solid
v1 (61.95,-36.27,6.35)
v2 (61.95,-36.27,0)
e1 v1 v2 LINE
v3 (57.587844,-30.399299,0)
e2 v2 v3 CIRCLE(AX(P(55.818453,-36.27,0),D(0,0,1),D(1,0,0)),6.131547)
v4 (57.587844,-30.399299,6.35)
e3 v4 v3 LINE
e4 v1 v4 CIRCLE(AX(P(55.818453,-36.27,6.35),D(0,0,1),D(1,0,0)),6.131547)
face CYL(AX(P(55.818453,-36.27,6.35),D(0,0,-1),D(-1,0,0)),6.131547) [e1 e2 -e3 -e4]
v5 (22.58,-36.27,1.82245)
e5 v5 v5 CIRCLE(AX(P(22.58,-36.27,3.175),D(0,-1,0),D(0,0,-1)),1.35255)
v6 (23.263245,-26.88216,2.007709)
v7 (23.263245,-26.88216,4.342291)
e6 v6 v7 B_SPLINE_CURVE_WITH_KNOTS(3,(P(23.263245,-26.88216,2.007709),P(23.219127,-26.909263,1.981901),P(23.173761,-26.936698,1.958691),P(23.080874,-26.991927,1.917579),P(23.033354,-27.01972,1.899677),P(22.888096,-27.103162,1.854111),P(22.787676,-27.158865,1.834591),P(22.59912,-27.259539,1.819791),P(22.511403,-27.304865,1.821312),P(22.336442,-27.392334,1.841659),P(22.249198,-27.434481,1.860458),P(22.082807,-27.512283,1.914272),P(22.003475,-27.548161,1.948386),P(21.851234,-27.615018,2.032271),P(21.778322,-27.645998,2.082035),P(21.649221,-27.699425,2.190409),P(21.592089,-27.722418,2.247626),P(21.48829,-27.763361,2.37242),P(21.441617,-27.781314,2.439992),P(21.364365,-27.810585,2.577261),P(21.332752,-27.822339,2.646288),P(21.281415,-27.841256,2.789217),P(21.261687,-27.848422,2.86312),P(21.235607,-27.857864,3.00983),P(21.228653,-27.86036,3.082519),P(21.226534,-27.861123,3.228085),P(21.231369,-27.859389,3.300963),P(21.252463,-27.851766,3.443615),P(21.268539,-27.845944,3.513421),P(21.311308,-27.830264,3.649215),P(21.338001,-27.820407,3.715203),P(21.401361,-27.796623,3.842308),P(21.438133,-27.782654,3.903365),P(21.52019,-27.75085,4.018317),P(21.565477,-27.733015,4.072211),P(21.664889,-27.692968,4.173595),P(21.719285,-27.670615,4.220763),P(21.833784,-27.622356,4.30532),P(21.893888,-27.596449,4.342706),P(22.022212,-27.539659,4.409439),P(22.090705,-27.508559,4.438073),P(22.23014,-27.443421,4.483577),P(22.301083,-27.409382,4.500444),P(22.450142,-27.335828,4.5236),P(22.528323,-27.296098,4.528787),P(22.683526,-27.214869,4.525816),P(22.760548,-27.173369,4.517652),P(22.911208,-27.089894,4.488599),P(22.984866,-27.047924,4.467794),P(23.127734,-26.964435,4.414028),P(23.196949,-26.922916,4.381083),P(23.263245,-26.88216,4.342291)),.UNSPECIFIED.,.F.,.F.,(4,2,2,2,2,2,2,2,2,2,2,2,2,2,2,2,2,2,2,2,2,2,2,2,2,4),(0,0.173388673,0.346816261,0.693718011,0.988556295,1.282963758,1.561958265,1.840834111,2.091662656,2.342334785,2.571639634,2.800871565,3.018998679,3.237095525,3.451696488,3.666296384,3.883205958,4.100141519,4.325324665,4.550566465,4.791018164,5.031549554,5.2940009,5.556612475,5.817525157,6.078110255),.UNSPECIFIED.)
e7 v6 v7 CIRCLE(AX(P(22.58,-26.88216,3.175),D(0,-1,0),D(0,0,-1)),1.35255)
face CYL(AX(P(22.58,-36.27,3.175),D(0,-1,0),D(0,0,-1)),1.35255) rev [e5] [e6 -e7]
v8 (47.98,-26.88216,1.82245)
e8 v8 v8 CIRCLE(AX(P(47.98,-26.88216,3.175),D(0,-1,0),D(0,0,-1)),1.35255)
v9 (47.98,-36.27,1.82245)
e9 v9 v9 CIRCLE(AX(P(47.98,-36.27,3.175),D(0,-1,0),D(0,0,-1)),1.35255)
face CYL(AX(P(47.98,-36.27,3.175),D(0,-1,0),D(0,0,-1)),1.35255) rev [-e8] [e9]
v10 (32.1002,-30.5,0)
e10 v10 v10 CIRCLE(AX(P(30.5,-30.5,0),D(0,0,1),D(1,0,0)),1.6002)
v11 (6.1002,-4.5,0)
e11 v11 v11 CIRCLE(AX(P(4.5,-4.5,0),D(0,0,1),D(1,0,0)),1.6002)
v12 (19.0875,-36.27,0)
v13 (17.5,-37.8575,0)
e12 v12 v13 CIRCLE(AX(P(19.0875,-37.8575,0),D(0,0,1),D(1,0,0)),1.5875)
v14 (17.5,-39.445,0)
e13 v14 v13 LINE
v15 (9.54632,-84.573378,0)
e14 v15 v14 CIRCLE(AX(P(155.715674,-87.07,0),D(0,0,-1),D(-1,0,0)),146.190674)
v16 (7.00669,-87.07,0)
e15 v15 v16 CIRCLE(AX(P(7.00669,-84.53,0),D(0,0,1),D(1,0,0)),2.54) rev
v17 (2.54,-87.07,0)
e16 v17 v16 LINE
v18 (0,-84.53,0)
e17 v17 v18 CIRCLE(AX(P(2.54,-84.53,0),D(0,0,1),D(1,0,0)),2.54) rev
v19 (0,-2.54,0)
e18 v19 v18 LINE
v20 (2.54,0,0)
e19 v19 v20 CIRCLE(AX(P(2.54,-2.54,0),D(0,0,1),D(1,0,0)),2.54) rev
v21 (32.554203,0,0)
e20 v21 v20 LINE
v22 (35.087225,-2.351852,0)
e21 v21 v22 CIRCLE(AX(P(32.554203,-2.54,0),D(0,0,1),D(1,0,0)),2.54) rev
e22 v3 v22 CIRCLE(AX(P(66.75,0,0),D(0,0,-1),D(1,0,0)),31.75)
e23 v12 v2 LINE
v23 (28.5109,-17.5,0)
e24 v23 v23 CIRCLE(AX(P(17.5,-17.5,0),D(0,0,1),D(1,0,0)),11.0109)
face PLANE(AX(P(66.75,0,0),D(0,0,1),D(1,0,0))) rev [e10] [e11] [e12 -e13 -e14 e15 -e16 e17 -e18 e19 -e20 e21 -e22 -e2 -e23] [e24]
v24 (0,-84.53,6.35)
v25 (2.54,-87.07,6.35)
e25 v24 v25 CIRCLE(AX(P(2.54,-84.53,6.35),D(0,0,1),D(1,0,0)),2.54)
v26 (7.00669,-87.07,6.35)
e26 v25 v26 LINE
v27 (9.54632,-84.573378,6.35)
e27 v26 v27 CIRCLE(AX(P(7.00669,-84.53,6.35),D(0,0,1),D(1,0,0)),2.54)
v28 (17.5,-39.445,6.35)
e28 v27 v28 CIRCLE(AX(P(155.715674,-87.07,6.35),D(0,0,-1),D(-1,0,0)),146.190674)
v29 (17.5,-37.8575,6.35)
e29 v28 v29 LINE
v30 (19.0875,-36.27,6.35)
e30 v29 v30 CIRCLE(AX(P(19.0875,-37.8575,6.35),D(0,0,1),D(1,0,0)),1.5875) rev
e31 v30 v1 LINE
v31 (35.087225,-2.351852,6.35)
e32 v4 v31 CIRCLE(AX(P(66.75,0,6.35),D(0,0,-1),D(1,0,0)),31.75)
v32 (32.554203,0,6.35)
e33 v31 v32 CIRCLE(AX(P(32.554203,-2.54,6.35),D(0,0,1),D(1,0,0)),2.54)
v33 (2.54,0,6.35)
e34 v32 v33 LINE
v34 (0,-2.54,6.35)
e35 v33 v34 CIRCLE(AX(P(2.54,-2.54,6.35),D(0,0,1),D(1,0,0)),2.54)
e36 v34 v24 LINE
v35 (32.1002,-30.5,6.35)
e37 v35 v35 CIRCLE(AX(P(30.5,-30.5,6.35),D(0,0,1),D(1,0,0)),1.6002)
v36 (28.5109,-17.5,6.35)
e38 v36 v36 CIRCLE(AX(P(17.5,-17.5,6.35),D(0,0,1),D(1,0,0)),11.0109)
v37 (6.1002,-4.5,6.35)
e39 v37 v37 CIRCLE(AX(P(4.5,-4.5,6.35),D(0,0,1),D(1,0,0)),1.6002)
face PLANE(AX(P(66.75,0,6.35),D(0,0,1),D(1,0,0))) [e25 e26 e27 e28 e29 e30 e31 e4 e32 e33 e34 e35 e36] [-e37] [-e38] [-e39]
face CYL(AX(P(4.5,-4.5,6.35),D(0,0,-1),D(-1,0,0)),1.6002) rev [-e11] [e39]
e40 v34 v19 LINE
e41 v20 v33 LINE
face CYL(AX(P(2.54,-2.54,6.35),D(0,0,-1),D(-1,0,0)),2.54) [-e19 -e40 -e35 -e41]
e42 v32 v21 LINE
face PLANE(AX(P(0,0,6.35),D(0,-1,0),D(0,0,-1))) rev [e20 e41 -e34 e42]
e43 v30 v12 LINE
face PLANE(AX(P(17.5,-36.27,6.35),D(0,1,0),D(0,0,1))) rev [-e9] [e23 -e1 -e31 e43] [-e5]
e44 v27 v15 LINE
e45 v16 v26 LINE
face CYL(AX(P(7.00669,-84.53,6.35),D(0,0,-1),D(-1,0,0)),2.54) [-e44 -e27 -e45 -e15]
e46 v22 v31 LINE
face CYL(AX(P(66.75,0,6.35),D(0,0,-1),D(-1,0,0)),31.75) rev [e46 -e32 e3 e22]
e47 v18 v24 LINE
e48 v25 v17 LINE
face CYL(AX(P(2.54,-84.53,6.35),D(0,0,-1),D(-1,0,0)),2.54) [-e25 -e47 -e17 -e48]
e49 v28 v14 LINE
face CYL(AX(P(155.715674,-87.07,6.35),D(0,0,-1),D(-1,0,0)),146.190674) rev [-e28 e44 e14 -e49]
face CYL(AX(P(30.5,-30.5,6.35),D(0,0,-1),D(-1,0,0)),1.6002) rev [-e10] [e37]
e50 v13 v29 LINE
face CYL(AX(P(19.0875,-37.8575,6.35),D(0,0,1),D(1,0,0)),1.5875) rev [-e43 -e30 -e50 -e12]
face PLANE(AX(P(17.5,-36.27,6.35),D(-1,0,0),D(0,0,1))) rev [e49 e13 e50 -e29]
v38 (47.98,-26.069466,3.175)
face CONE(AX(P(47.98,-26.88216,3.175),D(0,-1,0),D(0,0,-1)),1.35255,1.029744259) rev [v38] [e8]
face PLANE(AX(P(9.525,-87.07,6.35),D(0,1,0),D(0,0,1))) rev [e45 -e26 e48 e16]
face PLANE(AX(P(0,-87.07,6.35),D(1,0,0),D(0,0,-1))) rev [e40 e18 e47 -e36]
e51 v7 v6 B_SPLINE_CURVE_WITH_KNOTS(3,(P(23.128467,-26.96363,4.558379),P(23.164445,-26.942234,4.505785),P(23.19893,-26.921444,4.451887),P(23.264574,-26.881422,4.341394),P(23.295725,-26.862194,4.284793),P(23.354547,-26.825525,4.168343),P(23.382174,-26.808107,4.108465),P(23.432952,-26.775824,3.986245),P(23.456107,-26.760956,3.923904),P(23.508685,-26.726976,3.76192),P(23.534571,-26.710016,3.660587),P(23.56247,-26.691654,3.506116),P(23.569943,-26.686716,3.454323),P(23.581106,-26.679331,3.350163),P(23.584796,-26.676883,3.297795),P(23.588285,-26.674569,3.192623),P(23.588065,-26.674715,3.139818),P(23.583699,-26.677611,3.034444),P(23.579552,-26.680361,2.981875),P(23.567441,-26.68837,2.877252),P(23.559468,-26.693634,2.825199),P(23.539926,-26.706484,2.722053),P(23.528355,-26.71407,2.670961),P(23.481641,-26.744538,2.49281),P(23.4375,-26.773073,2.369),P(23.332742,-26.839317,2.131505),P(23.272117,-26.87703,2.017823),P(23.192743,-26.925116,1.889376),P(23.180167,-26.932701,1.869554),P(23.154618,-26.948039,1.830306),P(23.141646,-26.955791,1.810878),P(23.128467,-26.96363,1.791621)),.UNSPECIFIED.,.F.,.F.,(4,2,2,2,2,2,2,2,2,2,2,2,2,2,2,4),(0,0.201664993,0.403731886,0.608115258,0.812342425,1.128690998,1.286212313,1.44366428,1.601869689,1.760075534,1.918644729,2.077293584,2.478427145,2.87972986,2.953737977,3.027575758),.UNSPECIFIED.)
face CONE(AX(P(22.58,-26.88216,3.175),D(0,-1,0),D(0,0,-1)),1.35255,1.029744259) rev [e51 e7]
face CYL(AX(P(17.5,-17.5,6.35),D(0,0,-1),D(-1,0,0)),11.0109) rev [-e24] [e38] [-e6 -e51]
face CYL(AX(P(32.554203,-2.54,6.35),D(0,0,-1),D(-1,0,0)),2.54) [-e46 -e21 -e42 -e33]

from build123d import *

# Parameters (mm, degrees)
SKETCH1_R                 = 1.6002
SKETCH1_R_2               = 11.0109
BOSS_EXTRUDE1_DEPTH       = 6.35
FILLET1_R                 = 2.54
F_6_32_TAPPED_HOLE1_D     = 2.7051
F_6_32_TAPPED_HOLE1_DEPTH = 9.38784
F_6_32_TAPPED_HOLE1_TIP   = 0.81269403
FILLET2_R                 = 1.5875


with BuildPart() as part:
    # Sketch1 → Boss-Extrude1 (new body)
    with BuildSketch(Plane.XY):
        with BuildLine():
            Line((0, 0), (35, 0))
            ThreePointArc((35, 0), (41.265093292, -18.936262305), (57.587844415, -30.399299417))
            ThreePointArc((57.587844415, -30.399299417), (60.74008766, -32.613036613), (61.95, -36.270000104))
            Line((61.95, -36.270000104), (17.5, -36.270000104))
            Line((17.5, -36.270000104), (17.5, -39.445000104))
            ThreePointArc((17.5, -39.445000104), (11.532534029, -62.925946747), (9.525, -87.070000104))
            Line((9.525, -87.070000104), (0, -87.070000104))
            Line((0, -87.070000104), (0, -36.270000104))
            Line((0, -36.270000104), (0, 0))
        make_face()
        with Locations((4.5, -4.5)):
            Circle(SKETCH1_R, mode=Mode.SUBTRACT)
        with Locations((17.5, -17.5)):
            Circle(SKETCH1_R_2, mode=Mode.SUBTRACT)
        with Locations((30.5, -30.5)):
            Circle(SKETCH1_R, mode=Mode.SUBTRACT)
    extrude(amount=BOSS_EXTRUDE1_DEPTH)

    # Fillet1
    fillet1_edges = [part.edges().sort_by_distance(p)[0] for p in [
        (0, 0, 3.175),
        (35, 0, 3.175),
        (9.525, -87.070000104, 3.175),
        (0, -87.070000104, 3.175),
    ]]
    fillet(fillet1_edges, radius=FILLET1_R)

    # #6-32 Tapped Hole1
    with Locations(Plane(origin=(0, -36.270000104, 0), x_dir=(-1, 0, 0), z_dir=(0, -1, 0))):
        with Locations((-22.58, -3.175), (-47.98, -3.175)):
            Hole(F_6_32_TAPPED_HOLE1_D / 2, depth=F_6_32_TAPPED_HOLE1_DEPTH)
            with Locations((0, 0, -(F_6_32_TAPPED_HOLE1_DEPTH + F_6_32_TAPPED_HOLE1_TIP / 2))):  # 118° drill point
                Cone(0, F_6_32_TAPPED_HOLE1_D / 2, F_6_32_TAPPED_HOLE1_TIP, mode=Mode.SUBTRACT)

    # Fillet2
    fillet2_edges = [part.edges().sort_by_distance(p)[0] for p in [
        (17.5, -36.270000104, 3.175),
    ]]
    fillet(fillet2_edges, radius=FILLET2_R)


solid = part.part
